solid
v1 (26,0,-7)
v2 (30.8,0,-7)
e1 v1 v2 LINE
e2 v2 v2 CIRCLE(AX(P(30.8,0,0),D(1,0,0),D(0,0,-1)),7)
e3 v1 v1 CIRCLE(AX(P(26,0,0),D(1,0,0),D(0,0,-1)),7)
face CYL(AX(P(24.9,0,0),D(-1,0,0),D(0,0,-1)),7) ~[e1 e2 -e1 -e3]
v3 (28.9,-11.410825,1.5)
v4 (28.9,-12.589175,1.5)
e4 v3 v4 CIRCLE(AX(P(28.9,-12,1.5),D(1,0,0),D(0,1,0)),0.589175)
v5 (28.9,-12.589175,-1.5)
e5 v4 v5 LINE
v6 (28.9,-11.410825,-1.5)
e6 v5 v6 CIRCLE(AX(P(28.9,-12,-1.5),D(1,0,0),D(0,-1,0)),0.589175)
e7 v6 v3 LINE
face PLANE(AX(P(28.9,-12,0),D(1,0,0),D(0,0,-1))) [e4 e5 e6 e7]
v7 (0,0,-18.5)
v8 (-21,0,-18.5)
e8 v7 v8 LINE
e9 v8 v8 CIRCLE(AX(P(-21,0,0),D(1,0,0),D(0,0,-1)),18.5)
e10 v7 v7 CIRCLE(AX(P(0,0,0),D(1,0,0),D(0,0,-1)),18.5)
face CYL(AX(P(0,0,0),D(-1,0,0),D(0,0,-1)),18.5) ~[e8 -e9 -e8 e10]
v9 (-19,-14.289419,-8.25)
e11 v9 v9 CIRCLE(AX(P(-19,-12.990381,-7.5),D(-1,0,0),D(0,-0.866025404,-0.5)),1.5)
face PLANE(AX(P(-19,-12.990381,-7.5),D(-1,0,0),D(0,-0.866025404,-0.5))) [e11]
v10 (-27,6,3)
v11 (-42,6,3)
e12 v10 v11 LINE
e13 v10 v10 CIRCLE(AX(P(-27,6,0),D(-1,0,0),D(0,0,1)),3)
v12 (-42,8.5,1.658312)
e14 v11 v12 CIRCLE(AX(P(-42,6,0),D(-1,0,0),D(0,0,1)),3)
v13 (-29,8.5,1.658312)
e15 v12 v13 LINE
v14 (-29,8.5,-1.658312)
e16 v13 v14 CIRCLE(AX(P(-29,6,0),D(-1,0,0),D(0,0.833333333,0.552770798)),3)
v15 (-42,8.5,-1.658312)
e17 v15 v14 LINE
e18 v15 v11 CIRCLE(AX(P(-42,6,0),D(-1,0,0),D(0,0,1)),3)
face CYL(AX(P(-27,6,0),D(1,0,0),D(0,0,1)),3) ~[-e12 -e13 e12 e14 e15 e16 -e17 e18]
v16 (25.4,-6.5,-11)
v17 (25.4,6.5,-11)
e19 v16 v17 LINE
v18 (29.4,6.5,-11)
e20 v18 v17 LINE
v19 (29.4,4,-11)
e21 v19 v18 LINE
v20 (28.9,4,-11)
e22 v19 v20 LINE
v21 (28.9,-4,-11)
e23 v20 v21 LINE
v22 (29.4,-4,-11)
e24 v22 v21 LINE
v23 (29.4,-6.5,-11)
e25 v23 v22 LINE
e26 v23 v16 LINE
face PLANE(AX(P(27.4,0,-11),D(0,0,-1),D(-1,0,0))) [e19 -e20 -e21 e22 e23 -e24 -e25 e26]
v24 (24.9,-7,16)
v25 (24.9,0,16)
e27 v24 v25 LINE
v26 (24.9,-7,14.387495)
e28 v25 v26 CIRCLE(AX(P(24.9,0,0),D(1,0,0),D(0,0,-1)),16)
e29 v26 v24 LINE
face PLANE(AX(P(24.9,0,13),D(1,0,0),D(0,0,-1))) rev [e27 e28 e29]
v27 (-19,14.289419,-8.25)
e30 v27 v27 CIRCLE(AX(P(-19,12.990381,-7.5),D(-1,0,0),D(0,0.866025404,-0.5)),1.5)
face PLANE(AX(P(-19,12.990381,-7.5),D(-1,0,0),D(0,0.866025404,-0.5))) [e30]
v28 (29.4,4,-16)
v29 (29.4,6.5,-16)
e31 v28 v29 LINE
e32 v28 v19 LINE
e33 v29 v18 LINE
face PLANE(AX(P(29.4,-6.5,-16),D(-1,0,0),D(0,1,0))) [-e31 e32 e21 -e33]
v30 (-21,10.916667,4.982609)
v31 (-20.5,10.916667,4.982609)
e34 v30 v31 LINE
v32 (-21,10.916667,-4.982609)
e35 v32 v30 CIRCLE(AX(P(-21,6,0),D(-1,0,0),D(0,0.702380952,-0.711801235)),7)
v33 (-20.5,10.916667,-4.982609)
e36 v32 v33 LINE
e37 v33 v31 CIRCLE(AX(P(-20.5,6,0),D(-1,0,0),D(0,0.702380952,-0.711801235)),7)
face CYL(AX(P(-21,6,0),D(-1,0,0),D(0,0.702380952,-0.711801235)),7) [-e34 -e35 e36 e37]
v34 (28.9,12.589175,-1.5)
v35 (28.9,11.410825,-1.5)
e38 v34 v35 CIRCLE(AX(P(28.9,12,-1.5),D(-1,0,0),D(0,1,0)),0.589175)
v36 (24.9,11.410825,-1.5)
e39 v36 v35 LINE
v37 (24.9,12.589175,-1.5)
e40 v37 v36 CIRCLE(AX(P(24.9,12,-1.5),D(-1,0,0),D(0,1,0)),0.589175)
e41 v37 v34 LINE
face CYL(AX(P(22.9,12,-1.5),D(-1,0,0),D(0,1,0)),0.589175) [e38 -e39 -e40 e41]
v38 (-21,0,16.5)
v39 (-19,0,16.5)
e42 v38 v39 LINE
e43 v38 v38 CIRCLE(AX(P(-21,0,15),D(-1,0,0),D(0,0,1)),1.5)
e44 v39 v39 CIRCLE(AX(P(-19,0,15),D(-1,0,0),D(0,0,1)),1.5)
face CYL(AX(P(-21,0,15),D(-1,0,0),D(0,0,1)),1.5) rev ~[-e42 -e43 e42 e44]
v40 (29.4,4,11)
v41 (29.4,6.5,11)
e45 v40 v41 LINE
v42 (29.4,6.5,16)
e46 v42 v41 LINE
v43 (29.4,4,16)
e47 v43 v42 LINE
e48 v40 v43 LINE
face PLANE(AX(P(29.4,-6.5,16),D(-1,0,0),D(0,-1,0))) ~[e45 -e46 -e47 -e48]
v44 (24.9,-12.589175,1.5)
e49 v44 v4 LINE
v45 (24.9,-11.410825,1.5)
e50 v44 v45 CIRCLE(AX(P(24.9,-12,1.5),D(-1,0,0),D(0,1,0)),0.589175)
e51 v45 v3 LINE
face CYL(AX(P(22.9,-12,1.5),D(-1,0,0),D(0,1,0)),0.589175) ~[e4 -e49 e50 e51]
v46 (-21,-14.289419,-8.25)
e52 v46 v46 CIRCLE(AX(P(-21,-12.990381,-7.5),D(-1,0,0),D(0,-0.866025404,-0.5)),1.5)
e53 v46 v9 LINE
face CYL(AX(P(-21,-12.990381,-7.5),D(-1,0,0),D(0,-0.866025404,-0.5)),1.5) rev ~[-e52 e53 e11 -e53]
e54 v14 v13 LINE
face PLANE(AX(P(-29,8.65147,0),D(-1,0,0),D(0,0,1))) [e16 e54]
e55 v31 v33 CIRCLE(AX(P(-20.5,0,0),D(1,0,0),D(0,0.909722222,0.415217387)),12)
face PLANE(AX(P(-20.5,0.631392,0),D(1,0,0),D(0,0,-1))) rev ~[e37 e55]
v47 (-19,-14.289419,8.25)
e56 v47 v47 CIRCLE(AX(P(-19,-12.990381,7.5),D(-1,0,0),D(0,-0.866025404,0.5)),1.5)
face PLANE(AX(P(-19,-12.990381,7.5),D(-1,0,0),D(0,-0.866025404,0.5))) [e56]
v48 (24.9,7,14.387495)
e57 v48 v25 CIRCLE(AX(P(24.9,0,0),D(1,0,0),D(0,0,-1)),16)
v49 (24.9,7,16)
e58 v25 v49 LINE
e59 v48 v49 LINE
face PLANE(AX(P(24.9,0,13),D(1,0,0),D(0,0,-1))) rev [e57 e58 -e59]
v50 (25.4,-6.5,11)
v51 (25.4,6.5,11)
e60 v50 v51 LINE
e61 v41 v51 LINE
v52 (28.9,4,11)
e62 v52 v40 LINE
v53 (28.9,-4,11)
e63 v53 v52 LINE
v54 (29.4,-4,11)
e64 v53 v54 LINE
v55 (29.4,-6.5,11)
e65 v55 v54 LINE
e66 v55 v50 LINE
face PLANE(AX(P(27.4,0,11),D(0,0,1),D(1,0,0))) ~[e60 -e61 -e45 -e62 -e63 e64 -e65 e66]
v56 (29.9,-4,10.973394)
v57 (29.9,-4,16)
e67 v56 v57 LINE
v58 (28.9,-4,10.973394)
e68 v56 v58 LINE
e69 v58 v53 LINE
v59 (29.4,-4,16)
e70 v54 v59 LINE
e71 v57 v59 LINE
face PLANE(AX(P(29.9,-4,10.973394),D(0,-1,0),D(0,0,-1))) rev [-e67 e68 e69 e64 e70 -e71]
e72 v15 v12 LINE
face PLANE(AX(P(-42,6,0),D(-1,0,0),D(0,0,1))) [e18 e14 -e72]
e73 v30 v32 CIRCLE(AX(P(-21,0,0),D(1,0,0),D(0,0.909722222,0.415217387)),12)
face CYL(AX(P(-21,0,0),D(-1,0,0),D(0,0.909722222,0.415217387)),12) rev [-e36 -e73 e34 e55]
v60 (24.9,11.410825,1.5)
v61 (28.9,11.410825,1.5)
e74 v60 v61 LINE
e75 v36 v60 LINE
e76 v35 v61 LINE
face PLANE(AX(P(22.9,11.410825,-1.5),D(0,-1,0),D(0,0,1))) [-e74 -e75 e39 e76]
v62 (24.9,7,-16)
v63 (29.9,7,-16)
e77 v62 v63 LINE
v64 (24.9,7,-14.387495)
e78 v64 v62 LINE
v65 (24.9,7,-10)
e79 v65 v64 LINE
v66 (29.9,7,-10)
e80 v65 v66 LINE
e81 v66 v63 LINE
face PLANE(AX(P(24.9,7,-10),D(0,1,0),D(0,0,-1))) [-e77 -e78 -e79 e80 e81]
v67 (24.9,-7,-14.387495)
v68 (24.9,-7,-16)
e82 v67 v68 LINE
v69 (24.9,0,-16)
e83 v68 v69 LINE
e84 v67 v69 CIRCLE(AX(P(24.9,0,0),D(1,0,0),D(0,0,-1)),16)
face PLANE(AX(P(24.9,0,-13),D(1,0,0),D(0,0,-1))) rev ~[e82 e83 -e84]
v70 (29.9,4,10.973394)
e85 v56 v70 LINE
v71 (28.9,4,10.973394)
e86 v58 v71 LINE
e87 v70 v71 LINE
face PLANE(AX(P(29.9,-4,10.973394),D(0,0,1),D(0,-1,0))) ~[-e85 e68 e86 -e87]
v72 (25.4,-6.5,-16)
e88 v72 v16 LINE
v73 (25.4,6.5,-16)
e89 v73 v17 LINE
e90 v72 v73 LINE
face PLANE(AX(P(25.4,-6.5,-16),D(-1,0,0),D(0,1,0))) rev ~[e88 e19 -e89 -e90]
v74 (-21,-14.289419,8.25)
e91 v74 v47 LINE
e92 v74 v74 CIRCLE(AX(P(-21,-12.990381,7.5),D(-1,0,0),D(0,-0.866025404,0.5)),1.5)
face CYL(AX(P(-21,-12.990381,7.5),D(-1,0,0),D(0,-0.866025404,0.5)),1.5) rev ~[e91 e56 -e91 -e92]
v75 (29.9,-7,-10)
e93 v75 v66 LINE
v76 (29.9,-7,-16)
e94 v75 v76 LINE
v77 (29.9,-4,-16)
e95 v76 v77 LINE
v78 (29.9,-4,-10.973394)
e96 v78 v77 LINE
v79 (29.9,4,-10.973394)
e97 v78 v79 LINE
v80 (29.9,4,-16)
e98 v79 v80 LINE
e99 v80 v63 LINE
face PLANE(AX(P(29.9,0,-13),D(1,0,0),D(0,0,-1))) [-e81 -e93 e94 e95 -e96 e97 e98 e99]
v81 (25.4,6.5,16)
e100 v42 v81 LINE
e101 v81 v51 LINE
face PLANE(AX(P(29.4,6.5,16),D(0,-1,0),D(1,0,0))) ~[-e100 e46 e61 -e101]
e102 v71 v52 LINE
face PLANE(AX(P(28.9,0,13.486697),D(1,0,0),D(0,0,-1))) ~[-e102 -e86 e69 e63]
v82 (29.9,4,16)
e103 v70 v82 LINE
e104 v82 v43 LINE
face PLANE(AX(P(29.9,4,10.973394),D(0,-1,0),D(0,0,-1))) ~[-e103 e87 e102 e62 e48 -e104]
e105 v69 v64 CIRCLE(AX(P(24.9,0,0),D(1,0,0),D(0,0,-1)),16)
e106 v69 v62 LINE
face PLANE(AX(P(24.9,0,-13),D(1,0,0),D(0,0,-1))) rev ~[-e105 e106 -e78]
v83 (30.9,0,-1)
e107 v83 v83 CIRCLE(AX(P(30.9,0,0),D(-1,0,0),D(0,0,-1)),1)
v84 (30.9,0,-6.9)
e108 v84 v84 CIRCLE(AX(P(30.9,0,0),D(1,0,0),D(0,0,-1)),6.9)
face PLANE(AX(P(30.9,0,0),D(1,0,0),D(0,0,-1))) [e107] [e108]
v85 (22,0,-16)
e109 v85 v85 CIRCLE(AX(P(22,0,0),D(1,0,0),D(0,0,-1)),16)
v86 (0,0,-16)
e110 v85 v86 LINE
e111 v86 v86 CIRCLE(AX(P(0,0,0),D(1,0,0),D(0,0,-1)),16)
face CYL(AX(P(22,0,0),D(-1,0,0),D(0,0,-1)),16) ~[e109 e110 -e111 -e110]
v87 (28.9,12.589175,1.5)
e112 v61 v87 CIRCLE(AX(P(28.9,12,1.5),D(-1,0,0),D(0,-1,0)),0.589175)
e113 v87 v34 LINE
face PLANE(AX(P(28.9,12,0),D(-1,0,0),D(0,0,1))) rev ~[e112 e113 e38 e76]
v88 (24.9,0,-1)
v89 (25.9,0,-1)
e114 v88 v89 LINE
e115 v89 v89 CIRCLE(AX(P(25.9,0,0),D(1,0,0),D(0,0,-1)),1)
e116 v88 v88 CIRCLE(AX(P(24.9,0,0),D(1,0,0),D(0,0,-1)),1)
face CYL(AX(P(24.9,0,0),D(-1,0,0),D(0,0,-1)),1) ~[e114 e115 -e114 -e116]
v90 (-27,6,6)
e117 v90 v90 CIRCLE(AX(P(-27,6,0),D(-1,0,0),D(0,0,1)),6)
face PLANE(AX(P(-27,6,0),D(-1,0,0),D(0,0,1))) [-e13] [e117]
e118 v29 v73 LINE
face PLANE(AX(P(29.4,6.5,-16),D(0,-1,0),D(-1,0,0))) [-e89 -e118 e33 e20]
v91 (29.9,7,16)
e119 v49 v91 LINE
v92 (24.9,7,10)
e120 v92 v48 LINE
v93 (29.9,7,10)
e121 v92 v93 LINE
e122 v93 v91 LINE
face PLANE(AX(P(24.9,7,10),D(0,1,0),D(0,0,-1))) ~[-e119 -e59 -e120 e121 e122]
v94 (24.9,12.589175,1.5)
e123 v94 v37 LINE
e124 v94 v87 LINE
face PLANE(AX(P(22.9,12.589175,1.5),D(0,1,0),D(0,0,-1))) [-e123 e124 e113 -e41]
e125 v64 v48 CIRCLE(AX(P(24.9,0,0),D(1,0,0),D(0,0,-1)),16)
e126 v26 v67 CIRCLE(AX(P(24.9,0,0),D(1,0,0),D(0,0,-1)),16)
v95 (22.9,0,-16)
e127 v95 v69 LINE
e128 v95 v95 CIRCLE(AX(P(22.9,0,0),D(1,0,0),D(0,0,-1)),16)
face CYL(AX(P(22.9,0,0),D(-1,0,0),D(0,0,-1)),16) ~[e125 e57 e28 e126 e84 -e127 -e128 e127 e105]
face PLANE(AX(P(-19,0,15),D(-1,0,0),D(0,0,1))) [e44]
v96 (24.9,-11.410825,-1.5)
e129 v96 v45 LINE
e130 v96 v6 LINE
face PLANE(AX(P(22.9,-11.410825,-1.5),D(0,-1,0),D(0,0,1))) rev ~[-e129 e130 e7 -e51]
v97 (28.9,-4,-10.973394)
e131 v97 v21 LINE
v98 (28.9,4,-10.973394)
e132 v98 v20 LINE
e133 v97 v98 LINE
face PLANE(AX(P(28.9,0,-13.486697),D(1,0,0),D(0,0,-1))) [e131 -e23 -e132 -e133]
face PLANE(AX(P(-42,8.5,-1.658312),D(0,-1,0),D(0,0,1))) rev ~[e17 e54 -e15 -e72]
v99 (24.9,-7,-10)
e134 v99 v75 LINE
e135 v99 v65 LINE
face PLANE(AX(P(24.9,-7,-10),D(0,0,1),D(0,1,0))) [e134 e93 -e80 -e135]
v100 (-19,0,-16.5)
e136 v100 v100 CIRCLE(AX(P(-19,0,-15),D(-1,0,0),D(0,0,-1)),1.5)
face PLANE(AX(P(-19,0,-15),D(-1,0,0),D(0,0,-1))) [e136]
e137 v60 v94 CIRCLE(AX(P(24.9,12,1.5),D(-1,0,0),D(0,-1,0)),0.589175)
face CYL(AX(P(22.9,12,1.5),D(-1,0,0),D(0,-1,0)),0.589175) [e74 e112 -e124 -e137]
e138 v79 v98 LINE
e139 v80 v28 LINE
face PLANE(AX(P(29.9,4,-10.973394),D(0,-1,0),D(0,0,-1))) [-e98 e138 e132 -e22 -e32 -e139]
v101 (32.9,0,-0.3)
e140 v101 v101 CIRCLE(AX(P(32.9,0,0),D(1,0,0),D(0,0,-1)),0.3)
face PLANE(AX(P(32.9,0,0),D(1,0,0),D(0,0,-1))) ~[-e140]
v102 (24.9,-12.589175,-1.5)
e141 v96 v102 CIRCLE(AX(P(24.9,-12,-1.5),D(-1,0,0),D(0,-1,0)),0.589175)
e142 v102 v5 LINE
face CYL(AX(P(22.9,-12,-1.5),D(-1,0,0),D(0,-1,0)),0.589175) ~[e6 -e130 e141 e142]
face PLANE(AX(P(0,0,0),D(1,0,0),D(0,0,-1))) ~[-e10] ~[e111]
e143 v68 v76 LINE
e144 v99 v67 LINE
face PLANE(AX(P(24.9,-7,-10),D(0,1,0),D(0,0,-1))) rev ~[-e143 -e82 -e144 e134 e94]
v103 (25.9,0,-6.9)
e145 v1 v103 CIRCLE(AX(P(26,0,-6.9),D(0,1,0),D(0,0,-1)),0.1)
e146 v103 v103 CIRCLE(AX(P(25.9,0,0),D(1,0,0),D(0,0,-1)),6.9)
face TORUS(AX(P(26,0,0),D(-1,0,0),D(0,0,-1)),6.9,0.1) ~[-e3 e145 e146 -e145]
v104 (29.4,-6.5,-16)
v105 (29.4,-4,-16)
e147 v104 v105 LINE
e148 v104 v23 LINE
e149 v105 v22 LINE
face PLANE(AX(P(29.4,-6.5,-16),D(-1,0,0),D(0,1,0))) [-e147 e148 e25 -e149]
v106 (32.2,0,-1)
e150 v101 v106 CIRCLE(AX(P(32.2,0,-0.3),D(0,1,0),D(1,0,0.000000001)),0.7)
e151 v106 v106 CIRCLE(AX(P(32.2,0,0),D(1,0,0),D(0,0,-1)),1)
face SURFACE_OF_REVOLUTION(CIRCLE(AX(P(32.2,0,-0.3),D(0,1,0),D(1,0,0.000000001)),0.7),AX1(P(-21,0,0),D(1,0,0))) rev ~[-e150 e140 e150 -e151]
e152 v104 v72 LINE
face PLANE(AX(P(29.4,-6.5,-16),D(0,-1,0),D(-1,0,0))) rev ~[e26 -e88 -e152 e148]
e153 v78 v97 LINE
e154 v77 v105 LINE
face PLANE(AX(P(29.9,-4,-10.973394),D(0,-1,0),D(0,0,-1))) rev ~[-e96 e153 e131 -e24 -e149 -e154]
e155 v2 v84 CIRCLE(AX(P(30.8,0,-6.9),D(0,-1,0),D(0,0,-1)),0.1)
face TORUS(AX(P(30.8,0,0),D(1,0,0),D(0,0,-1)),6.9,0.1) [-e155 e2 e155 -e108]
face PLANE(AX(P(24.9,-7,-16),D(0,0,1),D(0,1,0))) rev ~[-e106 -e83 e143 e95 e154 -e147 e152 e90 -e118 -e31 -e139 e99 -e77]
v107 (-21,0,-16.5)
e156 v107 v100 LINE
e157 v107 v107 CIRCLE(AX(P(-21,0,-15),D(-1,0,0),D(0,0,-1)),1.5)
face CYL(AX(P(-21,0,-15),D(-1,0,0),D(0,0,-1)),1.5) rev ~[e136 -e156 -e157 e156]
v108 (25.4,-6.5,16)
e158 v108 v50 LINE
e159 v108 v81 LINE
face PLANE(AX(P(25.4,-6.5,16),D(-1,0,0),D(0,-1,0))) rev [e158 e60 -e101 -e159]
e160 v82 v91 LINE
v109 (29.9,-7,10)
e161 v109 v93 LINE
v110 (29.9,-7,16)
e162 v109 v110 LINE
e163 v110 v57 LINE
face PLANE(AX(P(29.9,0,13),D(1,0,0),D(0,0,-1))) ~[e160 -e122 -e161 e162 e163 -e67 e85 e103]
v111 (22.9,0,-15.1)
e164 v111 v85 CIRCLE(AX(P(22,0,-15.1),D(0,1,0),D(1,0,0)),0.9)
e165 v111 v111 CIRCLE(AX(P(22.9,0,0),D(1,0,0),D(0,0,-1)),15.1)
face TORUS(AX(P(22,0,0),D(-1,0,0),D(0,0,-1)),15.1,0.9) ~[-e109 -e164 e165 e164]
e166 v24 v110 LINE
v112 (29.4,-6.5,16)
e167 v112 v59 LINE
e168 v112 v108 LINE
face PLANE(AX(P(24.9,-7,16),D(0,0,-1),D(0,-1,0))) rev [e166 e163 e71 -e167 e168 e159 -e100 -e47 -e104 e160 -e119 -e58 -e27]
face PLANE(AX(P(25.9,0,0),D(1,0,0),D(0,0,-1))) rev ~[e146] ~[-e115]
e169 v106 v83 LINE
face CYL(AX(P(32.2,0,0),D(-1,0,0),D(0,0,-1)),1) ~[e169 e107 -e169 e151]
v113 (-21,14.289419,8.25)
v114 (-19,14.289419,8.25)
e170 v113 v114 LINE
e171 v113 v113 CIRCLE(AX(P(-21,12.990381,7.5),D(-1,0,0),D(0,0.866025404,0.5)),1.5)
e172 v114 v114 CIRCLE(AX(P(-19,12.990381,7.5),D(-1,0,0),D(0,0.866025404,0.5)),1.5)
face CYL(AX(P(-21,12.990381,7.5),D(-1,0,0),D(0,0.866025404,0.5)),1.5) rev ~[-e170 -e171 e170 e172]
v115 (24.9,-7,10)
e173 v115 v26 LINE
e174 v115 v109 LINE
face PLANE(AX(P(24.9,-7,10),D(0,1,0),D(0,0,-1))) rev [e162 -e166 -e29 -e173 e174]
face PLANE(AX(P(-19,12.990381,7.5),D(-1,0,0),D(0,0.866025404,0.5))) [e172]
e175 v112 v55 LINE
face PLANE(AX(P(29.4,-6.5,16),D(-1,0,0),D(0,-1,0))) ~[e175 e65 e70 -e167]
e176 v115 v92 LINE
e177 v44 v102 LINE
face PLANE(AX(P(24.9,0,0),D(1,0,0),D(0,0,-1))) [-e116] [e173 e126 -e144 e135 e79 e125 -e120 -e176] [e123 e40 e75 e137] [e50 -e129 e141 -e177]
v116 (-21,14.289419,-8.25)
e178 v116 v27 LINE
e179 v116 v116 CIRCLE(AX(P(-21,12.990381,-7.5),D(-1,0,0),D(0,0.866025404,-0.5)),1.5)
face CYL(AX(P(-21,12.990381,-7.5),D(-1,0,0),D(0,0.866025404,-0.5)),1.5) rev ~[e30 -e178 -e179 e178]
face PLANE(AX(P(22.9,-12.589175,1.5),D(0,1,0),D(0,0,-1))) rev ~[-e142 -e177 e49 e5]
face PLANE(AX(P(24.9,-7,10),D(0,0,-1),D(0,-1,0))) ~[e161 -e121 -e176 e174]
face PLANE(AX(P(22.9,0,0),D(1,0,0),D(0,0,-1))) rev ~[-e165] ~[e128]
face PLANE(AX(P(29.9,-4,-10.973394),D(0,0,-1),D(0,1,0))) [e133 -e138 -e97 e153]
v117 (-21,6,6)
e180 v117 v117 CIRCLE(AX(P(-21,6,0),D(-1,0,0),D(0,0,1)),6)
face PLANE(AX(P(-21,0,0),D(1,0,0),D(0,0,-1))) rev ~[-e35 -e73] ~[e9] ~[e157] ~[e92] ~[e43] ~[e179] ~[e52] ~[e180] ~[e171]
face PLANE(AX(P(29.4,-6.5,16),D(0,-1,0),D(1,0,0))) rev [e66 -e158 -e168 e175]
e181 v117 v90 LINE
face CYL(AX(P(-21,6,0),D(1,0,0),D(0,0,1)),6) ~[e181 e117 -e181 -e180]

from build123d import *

# Parameters (mm, degrees)
SKETCH2_R           = 6
BOSS_EXTRUDE1_DEPTH = 6
SKETCH3_R           = 3
BOSS_EXTRUDE2_DEPTH = 15
CUT_EXTRUDE1_DEPTH  = 13
CUT_EXTRUDE2_DEPTH  = 0.5
SKETCH6_R           = 1.5
CUT_EXTRUDE3_DEPTH  = 2
CIRPATTERN1_COUNT   = 6
BOSS_EXTRUDE3_DEPTH = 6
SKETCH8_R           = 16
BOSS_EXTRUDE4_DEPTH = 2
SKETCH9_R           = 7
BOSS_EXTRUDE5_DEPTH = 6
SKETCH10_R          = 7
SKETCH10_R_2        = 1
CUT_EXTRUDE4_DEPTH  = 1
FILLET2_R           = 0.1
FILLET3_R           = 0.1
SKETCH11_W          = 6
SKETCH11_H          = 14
BOSS_EXTRUDE6_DEPTH = 5
SKETCH13_W          = 4
SKETCH13_H          = 13
CUT_EXTRUDE6_DEPTH  = 5
SKETCH14_W          = 5.026606417
SKETCH14_H          = 8
CUT_EXTRUDE7_DEPTH  = 1


with BuildPart() as part:
    # Sketch1 → Revolve1 (revolve)
    with BuildSketch(Plane(origin=(0, 0, 0), x_dir=(1, 0, 0), z_dir=(0, 1, 0))):
        with BuildLine():
            Line((0, 18.5), (-21, 18.5))
            Line((-21, 18.5), (-21, 0))
            Line((-21, 0), (32.9, 0))
            Line((32.9, 0), (32.9, 0.3))
            ThreePointArc((32.9, 0.3), (32.694974747, 0.794974747), (32.2, 1))
            Line((32.2, 1), (22.9, 1))
            Line((22.9, 1), (22.9, 15.1))
            ThreePointArc((22.9, 15.1), (22.636396103, 15.736396103), (22, 16))
            Line((22, 16), (0, 16))
            Line((0, 16), (0, 18.5))
        make_face()
    revolve(axis=Axis((-21, 0, 0), (1, 0, 0)))

    # Sketch2 → Boss-Extrude1 (add)
    with BuildSketch(Plane.ZY.offset(21)):
        with Locations((0, 6)):
            Circle(SKETCH2_R)
    extrude(amount=BOSS_EXTRUDE1_DEPTH)

    # Sketch3 → Boss-Extrude2 (add)
    with BuildSketch(Plane.ZY.offset(27)):
        with Locations((0, 6)):
            Circle(SKETCH3_R)
    extrude(amount=BOSS_EXTRUDE2_DEPTH)

    # Sketch4 → Cut-Extrude1 (cut)
    with BuildSketch(Plane.ZY.offset(42)):
        with BuildLine():
            Line((-1.658312395, 8.5), (1.658312395, 8.5))
            ThreePointArc((1.658312395, 8.5), (0, 9), (-1.658312395, 8.5))
        make_face()
    extrude(amount=-CUT_EXTRUDE1_DEPTH, mode=Mode.SUBTRACT)

    # Sketch5 → Cut-Extrude2 (cut)
    with BuildSketch(Plane.ZY.offset(21)):
        with BuildLine():
            ThreePointArc((-4.982608643, 10.916666667), (0, -1), (4.982608643, 10.916666667))
            ThreePointArc((4.982608643, 10.916666667), (0, -12), (-4.982608643, 10.916666667))
        make_face()
    extrude(amount=-CUT_EXTRUDE2_DEPTH, mode=Mode.SUBTRACT)

    # Sketch6 → Cut-Extrude3 (cut)
    with BuildSketch(Plane.ZY.offset(21)):
        with Locations((15, 0)):
            Circle(SKETCH6_R)
    cut_extrude3 = extrude(amount=-CUT_EXTRUDE3_DEPTH, mode=Mode.SUBTRACT)

    # CirPattern1: Cut-Extrude3 ×6 about axis
    cirpattern1_axis = Axis((0, 0, 0), (1, 0, 0))
    for i in range(1, CIRPATTERN1_COUNT):
        add(cut_extrude3.rotate(cirpattern1_axis, i * 360 / CIRPATTERN1_COUNT), mode=Mode.SUBTRACT)

    # Sketch7 → Boss-Extrude3 (add)
    with BuildSketch(Plane(origin=(22.9, 0, 0), x_dir=(0, 0, -1), z_dir=(1, 0, 0))):
        with BuildLine():
            Line((1.5, 11.410824506), (-1.5, 11.410824506))
            ThreePointArc((-1.5, 11.410824506), (-2.089175494, 12), (-1.5, 12.589175494))
            Line((-1.5, 12.589175494), (1.5, 12.589175494))
            ThreePointArc((1.5, 12.589175494), (2.089175494, 12), (1.5, 11.410824506))
        make_face()
        with BuildLine():
            Line((1.5, -11.410824506), (-1.5, -11.410824506))
            ThreePointArc((-1.5, -11.410824506), (-2.089175494, -12), (-1.5, -12.589175494))
            Line((-1.5, -12.589175494), (1.5, -12.589175494))
            ThreePointArc((1.5, -12.589175494), (2.089175494, -12), (1.5, -11.410824506))
        make_face()
    extrude(amount=BOSS_EXTRUDE3_DEPTH)

    # Sketch8 → Boss-Extrude4 (add)
    with BuildSketch(Plane(origin=(22.9, 0, 0), x_dir=(0, 0, -1), z_dir=(1, 0, 0))):
        Circle(SKETCH8_R)
    extrude(amount=BOSS_EXTRUDE4_DEPTH)

    # Sketch9 → Boss-Extrude5 (add)
    with BuildSketch(Plane(origin=(24.9, 0, 0), x_dir=(0, 0, -1), z_dir=(1, 0, 0))):
        Circle(SKETCH9_R)
    extrude(amount=BOSS_EXTRUDE5_DEPTH)

    # Sketch10 → Cut-Extrude4 (cut)
    with BuildSketch(Plane(origin=(24.9, 0, 0), x_dir=(0, 0, -1), z_dir=(1, 0, 0))):
        Circle(SKETCH10_R)
        Circle(SKETCH10_R_2, mode=Mode.SUBTRACT)
    extrude(amount=CUT_EXTRUDE4_DEPTH, mode=Mode.SUBTRACT)

    # Fillet2
    fillet2_edges = [part.edges().sort_by_distance(p)[0] for p in [
        (30.9, 0, 7),
    ]]
    fillet(fillet2_edges, radius=FILLET2_R)

    # Fillet3
    fillet3_edges = [part.edges().sort_by_distance(p)[0] for p in [
        (25.9, 0, 7),
    ]]
    fillet(fillet3_edges, radius=FILLET3_R)

    # Sketch11 → Boss-Extrude6 (add)
    with BuildSketch(Plane(origin=(24.9, 0, 0), x_dir=(0, 0, -1), z_dir=(1, 0, 0))):
        with Locations((13, 0)):
            Rectangle(SKETCH11_W, SKETCH11_H)
    boss_extrude6 = extrude(amount=BOSS_EXTRUDE6_DEPTH)

    # Sketch13 → Cut-Extrude6 (cut)
    with BuildSketch(Plane(origin=(0, 0, -16), x_dir=(-1, 0, 0), z_dir=(0, 0, -1))):
        with Locations((-27.4, 0)):
            Rectangle(SKETCH13_W, SKETCH13_H)
    cut_extrude6 = extrude(amount=-CUT_EXTRUDE6_DEPTH, mode=Mode.SUBTRACT)

    # Sketch14 → Cut-Extrude7 (cut)
    with BuildSketch(Plane(origin=(29.9, 0, 0), x_dir=(0, 0, -1), z_dir=(1, 0, 0))):
        with Locations((13.486696792, 0)):
            Rectangle(SKETCH14_W, SKETCH14_H)
    cut_extrude7 = extrude(amount=-CUT_EXTRUDE7_DEPTH, mode=Mode.SUBTRACT)

    # Mirror1: Boss-Extrude6, Cut-Extrude6, Cut-Extrude7 across plane
    add(boss_extrude6.mirror(Plane.XY))
    add(cut_extrude6.mirror(Plane.XY), mode=Mode.SUBTRACT)
    add(cut_extrude7.mirror(Plane.XY), mode=Mode.SUBTRACT)


solid = part.part
